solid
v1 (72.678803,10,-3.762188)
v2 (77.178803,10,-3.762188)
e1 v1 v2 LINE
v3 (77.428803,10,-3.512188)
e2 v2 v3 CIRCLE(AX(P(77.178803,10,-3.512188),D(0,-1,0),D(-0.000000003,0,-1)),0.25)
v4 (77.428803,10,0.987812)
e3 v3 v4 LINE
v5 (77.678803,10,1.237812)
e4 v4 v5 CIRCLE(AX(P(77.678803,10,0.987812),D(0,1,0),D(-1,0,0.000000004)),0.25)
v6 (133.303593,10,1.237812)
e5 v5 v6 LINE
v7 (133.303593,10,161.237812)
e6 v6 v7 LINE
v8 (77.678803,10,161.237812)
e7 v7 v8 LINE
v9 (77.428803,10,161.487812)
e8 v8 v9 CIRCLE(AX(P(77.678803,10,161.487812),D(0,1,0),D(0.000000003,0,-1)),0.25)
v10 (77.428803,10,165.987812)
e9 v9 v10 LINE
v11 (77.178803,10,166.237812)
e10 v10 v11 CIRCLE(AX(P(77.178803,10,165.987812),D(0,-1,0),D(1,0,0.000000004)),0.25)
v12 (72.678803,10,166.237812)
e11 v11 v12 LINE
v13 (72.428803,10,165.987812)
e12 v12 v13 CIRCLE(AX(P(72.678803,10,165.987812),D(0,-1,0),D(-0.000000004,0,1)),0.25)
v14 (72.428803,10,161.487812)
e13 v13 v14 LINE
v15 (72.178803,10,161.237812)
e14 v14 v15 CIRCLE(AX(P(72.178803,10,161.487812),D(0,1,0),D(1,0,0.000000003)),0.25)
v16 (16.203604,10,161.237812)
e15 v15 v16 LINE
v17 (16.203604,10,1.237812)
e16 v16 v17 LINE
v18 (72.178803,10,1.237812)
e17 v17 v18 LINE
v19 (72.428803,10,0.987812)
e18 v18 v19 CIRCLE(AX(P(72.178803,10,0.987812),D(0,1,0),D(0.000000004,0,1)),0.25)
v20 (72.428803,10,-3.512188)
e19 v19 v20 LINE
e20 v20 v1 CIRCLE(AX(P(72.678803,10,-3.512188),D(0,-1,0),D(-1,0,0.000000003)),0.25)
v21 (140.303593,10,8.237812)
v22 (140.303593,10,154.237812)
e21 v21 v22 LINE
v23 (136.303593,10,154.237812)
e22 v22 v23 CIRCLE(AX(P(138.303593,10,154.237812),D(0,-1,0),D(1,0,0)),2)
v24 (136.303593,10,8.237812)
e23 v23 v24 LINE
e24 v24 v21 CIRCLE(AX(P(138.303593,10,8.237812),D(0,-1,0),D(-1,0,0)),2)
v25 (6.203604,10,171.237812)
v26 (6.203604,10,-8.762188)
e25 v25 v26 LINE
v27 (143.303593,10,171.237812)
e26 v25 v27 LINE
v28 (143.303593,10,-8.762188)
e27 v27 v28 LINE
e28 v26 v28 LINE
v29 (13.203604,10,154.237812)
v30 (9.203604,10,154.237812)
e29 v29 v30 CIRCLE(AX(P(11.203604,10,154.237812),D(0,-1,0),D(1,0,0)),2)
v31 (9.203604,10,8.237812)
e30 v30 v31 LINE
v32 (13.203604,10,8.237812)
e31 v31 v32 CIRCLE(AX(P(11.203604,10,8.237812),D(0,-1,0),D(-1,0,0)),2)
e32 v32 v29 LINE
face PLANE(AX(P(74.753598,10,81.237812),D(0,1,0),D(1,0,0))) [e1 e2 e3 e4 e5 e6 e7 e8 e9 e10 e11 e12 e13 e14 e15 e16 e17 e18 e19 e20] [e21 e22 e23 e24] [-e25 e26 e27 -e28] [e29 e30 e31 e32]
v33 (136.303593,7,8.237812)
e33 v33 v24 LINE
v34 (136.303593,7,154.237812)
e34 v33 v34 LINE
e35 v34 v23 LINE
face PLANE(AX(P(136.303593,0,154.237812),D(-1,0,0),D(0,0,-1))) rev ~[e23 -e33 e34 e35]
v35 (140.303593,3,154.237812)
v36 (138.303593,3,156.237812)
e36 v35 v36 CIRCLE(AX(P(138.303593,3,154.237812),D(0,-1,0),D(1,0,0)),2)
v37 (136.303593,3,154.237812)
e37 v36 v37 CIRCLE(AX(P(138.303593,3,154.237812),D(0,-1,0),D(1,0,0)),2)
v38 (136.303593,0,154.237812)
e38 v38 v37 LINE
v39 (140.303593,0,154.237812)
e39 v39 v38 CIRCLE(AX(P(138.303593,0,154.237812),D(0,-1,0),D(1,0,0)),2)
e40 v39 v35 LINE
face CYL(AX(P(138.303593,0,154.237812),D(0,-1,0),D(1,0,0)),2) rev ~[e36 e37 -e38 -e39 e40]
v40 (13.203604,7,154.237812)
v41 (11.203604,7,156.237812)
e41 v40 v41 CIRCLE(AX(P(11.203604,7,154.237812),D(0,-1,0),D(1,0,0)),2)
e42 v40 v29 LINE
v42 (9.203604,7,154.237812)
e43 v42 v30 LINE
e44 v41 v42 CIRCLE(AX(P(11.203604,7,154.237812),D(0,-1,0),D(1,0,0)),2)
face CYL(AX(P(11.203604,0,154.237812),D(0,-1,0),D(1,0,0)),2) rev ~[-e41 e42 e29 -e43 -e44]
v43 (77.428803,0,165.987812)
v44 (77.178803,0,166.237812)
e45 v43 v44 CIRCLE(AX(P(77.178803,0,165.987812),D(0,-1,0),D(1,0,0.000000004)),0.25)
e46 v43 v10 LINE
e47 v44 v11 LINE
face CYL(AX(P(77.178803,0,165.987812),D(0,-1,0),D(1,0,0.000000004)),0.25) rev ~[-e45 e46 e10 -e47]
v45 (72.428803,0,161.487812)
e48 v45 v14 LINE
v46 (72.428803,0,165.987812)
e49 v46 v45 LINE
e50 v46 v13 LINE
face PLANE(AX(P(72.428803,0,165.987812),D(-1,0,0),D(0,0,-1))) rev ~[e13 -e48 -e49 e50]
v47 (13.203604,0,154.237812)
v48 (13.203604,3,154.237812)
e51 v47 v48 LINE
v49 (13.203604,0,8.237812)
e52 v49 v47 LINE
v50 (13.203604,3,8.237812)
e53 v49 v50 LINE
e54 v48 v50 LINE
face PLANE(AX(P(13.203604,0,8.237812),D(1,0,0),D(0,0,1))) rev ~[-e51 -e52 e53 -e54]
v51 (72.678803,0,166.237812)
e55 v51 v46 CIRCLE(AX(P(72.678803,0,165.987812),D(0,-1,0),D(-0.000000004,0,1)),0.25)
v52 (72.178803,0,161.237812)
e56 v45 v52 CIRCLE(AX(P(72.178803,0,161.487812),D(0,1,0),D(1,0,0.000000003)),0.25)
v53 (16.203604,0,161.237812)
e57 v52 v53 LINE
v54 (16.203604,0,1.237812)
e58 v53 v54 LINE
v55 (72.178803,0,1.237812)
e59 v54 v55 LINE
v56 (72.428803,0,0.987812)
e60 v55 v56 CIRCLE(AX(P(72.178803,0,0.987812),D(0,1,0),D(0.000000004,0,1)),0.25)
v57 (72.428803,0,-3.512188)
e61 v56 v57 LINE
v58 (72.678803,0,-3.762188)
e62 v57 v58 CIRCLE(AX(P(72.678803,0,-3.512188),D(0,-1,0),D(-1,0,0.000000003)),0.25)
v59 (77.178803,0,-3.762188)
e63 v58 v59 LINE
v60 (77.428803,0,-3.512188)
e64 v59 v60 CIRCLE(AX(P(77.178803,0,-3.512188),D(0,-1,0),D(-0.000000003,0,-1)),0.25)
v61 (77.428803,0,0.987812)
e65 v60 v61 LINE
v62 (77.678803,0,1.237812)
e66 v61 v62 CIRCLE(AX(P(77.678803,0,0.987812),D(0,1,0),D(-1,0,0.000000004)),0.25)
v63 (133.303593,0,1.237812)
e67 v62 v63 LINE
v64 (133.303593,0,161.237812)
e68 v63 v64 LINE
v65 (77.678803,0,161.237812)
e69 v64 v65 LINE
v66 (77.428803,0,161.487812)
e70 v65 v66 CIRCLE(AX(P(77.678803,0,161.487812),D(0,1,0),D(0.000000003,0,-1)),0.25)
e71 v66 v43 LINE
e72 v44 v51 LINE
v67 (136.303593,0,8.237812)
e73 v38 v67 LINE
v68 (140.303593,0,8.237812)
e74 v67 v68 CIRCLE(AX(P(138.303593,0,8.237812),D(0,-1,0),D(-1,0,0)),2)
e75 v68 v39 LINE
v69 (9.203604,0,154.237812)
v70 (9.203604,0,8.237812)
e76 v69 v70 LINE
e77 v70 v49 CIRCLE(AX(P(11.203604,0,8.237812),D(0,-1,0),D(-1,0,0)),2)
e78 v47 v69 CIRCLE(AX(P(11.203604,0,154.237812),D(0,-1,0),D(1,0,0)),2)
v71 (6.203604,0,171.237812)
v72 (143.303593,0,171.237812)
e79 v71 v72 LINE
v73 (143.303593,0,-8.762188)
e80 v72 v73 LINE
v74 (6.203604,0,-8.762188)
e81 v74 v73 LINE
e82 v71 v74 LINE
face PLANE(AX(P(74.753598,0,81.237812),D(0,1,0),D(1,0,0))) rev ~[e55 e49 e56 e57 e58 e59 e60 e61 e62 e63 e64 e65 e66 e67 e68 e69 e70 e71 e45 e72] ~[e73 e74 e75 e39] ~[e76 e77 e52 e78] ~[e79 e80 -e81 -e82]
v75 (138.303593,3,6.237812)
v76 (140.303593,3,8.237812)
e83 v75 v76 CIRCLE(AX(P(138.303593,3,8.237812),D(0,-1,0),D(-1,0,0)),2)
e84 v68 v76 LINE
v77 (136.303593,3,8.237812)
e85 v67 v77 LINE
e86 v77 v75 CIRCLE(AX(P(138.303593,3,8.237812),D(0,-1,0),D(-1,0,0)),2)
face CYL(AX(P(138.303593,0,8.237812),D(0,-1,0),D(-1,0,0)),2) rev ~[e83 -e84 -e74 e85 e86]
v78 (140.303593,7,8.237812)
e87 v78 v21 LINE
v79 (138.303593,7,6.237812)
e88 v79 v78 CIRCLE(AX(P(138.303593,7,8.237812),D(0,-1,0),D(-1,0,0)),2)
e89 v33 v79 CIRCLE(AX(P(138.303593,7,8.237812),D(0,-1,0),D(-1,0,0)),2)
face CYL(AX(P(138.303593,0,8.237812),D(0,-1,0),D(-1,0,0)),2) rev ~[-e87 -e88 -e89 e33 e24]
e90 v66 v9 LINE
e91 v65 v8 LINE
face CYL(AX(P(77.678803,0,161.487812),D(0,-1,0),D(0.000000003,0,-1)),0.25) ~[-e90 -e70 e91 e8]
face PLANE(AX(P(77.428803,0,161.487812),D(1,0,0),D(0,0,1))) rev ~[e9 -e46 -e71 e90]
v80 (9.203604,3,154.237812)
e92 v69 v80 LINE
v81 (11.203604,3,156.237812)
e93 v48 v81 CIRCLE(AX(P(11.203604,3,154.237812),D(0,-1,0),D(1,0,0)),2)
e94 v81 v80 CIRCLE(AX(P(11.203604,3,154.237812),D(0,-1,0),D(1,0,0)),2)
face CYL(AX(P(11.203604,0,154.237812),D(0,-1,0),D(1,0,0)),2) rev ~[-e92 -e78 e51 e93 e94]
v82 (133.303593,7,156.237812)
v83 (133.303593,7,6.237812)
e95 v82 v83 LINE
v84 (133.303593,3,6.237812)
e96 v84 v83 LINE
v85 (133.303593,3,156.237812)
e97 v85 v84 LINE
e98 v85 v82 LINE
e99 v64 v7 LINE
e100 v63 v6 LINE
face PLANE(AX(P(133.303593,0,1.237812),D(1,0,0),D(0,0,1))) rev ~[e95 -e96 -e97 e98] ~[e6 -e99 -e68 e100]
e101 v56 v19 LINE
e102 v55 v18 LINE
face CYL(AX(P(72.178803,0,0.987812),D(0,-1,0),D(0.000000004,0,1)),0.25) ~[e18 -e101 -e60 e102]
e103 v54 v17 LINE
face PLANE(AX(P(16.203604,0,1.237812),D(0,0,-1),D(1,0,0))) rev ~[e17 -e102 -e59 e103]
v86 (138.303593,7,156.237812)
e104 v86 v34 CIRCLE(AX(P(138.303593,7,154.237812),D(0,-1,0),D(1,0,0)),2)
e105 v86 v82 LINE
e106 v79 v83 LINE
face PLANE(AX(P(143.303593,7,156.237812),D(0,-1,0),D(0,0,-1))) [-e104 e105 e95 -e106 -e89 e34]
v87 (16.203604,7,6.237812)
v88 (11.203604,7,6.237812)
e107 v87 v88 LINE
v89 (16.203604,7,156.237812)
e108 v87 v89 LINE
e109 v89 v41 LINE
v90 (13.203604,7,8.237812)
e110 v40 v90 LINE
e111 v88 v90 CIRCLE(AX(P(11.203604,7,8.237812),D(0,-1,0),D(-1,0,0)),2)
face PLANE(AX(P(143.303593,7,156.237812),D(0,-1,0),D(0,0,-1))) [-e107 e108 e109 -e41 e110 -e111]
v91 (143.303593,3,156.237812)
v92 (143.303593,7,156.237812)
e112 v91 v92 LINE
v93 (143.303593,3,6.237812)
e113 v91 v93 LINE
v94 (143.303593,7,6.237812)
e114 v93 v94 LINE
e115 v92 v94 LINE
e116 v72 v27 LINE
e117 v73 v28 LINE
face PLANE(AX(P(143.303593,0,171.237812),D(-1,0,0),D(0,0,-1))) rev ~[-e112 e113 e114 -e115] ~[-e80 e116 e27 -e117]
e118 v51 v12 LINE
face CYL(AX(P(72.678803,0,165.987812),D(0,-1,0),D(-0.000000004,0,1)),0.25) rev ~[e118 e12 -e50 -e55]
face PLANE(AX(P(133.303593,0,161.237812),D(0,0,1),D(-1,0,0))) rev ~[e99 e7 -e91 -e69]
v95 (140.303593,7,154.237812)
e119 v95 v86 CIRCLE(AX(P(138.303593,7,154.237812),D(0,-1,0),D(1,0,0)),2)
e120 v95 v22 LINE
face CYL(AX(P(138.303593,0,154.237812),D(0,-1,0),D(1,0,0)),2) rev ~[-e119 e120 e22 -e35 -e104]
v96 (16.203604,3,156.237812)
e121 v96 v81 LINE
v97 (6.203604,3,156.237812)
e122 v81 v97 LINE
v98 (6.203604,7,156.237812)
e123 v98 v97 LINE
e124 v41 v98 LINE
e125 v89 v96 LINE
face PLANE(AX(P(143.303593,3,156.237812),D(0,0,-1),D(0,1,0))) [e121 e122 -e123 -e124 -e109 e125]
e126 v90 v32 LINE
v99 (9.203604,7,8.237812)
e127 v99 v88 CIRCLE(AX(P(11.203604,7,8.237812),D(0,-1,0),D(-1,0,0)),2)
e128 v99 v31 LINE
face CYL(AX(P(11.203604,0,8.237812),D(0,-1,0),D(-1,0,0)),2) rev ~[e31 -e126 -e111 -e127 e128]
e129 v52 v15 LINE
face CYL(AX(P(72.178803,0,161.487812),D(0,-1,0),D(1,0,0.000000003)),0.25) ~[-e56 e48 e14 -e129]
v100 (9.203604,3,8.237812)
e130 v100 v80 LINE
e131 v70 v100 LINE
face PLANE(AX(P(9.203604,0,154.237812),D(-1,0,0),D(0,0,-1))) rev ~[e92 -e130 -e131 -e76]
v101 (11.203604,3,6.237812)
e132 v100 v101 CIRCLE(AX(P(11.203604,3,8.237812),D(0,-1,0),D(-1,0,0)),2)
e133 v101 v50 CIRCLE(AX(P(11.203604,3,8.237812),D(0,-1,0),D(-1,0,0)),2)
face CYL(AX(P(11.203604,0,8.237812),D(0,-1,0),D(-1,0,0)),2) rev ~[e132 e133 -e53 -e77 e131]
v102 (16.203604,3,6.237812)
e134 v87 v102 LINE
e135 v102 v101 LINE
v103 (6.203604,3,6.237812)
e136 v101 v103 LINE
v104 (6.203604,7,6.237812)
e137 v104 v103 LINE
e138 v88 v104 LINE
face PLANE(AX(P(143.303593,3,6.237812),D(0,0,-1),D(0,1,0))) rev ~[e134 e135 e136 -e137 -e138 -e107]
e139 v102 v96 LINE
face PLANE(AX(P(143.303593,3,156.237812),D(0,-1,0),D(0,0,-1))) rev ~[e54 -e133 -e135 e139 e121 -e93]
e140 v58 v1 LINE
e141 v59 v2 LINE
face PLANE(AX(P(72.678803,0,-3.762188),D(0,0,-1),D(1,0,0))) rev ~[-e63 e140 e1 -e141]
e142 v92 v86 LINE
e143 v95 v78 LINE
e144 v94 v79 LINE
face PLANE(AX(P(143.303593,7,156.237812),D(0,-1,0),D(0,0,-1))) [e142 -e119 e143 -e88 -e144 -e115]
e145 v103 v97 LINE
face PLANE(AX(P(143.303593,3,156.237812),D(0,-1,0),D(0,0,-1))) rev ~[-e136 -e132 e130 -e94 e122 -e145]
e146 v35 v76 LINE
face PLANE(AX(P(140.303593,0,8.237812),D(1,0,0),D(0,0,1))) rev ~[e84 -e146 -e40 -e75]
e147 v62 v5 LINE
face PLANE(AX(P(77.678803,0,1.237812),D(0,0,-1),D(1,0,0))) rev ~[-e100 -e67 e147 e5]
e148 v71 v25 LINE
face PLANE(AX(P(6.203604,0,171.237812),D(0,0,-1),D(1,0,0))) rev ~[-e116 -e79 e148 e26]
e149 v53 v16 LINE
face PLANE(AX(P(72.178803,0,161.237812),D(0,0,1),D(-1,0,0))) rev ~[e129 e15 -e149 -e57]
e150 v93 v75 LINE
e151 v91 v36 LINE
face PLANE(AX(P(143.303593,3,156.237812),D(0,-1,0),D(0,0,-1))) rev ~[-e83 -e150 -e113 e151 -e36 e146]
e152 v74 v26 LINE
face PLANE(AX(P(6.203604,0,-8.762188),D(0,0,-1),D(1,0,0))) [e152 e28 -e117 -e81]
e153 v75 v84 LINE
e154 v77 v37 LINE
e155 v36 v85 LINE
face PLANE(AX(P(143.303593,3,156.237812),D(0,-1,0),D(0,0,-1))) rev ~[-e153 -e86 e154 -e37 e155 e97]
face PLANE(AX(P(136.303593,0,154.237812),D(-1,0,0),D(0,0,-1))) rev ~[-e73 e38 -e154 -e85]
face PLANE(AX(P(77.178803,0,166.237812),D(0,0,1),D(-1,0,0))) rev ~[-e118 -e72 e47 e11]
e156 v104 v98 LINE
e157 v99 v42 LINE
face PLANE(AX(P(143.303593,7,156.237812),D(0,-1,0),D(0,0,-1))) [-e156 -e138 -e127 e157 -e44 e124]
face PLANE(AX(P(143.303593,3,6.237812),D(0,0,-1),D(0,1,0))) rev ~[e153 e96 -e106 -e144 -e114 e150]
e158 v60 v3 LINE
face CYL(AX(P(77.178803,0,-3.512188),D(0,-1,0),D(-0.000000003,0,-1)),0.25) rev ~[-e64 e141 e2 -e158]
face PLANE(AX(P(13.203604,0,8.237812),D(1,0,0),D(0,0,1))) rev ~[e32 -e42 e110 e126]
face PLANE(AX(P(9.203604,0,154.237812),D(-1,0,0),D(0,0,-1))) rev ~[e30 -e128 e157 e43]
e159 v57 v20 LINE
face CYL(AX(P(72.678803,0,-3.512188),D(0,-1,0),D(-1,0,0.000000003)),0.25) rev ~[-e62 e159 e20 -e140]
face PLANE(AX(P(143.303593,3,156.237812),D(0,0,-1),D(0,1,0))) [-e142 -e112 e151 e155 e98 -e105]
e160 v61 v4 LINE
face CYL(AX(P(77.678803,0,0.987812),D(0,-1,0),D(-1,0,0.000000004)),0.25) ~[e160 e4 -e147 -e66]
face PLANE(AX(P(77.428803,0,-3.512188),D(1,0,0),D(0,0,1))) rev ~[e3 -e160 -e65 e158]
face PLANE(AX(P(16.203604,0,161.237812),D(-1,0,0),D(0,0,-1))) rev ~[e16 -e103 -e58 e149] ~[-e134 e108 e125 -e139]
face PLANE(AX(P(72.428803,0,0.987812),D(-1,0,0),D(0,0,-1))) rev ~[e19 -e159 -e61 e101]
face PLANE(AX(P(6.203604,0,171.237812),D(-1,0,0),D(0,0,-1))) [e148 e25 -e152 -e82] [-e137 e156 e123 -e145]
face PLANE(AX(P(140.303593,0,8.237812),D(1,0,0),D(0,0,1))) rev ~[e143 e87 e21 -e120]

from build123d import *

# Parameters (mm, degrees)
SKETCH1_W           = 137.099988832
SKETCH1_H           = 180
BOSS_EXTRUDE1_DEPTH = 10
SKETCH2_W           = 150
SKETCH2_H           = 4
CUT_EXTRUDE1_DEPTH  = 160


with BuildPart() as part:
    # Sketch1 → Boss-Extrude1 (new body)
    with BuildSketch(Plane(origin=(0, 0, 0), x_dir=(1, 0, 0), z_dir=(0, 1, 0))):
        with Locations((74.75359819, -81.23781213)):
            Rectangle(SKETCH1_W, SKETCH1_H)
        with BuildLine():
            Line((16.203603774, -1.23781213), (72.1788033, -1.23781213))
            ThreePointArc((72.1788033, -1.23781213), (72.355579995, -1.164588825), (72.4288033, -0.98781213))
            Line((72.4288033, -0.98781213), (72.4288033, 3.51218787))
            ThreePointArc((72.4288033, 3.51218787), (72.502026605, 3.688964566), (72.6788033, 3.76218787))
            Line((72.6788033, 3.76218787), (77.1788033, 3.76218787))
            ThreePointArc((77.1788033, 3.76218787), (77.355579995, 3.688964566), (77.4288033, 3.51218787))
            Line((77.4288033, 3.51218787), (77.4288033, -0.98781213))
            ThreePointArc((77.4288033, -0.98781213), (77.502026605, -1.164588825), (77.6788033, -1.23781213))
            Line((77.6788033, -1.23781213), (133.303592606, -1.23781213))
            Line((133.303592606, -1.23781213), (133.303592606, -161.23781213))
            Line((133.303592606, -161.23781213), (77.6788033, -161.23781213))
            ThreePointArc((77.6788033, -161.23781213), (77.502026605, -161.311035434), (77.4288033, -161.48781213))
            Line((77.4288033, -161.48781213), (77.4288033, -165.98781213))
            ThreePointArc((77.4288033, -165.98781213), (77.355579995, -166.164588825), (77.1788033, -166.23781213))
            Line((77.1788033, -166.23781213), (72.6788033, -166.23781213))
            ThreePointArc((72.6788033, -166.23781213), (72.502026605, -166.164588825), (72.4288033, -165.98781213))
            Line((72.4288033, -165.98781213), (72.4288033, -161.48781213))
            ThreePointArc((72.4288033, -161.48781213), (72.355579995, -161.311035434), (72.1788033, -161.23781213))
            Line((72.1788033, -161.23781213), (16.203603774, -161.23781213))
            Line((16.203603774, -161.23781213), (16.203603774, -1.23781213))
        make_face(mode=Mode.SUBTRACT)
        with BuildLine():
            Line((9.203603774, -154.23781213), (9.203603774, -8.23781213))
            ThreePointArc((9.203603774, -8.23781213), (11.203603774, -6.23781213), (13.203603774, -8.23781213))
            Line((13.203603774, -8.23781213), (13.203603774, -154.23781213))
            ThreePointArc((13.203603774, -154.23781213), (11.203603774, -156.23781213), (9.203603774, -154.23781213))
        make_face(mode=Mode.SUBTRACT)
        with BuildLine():
            Line((136.303592606, -154.23781213), (136.303592606, -8.23781213))
            ThreePointArc((136.303592606, -8.23781213), (138.303592606, -6.23781213), (140.303592606, -8.23781213))
            Line((140.303592606, -8.23781213), (140.303592606, -154.23781213))
            ThreePointArc((140.303592606, -154.23781213), (138.303592606, -156.23781213), (136.303592606, -154.23781213))
        make_face(mode=Mode.SUBTRACT)
    extrude(amount=BOSS_EXTRUDE1_DEPTH)

    # Sketch2 → Cut-Extrude1 (cut)
    with BuildSketch(Plane(origin=(143.303592606, 0, 0), x_dir=(0, 0, -1), z_dir=(1, 0, 0))):
        with Locations((-81.23781213, 5)):
            Rectangle(SKETCH2_W, SKETCH2_H)
    extrude(amount=-CUT_EXTRUDE1_DEPTH, mode=Mode.SUBTRACT)


solid = part.part
